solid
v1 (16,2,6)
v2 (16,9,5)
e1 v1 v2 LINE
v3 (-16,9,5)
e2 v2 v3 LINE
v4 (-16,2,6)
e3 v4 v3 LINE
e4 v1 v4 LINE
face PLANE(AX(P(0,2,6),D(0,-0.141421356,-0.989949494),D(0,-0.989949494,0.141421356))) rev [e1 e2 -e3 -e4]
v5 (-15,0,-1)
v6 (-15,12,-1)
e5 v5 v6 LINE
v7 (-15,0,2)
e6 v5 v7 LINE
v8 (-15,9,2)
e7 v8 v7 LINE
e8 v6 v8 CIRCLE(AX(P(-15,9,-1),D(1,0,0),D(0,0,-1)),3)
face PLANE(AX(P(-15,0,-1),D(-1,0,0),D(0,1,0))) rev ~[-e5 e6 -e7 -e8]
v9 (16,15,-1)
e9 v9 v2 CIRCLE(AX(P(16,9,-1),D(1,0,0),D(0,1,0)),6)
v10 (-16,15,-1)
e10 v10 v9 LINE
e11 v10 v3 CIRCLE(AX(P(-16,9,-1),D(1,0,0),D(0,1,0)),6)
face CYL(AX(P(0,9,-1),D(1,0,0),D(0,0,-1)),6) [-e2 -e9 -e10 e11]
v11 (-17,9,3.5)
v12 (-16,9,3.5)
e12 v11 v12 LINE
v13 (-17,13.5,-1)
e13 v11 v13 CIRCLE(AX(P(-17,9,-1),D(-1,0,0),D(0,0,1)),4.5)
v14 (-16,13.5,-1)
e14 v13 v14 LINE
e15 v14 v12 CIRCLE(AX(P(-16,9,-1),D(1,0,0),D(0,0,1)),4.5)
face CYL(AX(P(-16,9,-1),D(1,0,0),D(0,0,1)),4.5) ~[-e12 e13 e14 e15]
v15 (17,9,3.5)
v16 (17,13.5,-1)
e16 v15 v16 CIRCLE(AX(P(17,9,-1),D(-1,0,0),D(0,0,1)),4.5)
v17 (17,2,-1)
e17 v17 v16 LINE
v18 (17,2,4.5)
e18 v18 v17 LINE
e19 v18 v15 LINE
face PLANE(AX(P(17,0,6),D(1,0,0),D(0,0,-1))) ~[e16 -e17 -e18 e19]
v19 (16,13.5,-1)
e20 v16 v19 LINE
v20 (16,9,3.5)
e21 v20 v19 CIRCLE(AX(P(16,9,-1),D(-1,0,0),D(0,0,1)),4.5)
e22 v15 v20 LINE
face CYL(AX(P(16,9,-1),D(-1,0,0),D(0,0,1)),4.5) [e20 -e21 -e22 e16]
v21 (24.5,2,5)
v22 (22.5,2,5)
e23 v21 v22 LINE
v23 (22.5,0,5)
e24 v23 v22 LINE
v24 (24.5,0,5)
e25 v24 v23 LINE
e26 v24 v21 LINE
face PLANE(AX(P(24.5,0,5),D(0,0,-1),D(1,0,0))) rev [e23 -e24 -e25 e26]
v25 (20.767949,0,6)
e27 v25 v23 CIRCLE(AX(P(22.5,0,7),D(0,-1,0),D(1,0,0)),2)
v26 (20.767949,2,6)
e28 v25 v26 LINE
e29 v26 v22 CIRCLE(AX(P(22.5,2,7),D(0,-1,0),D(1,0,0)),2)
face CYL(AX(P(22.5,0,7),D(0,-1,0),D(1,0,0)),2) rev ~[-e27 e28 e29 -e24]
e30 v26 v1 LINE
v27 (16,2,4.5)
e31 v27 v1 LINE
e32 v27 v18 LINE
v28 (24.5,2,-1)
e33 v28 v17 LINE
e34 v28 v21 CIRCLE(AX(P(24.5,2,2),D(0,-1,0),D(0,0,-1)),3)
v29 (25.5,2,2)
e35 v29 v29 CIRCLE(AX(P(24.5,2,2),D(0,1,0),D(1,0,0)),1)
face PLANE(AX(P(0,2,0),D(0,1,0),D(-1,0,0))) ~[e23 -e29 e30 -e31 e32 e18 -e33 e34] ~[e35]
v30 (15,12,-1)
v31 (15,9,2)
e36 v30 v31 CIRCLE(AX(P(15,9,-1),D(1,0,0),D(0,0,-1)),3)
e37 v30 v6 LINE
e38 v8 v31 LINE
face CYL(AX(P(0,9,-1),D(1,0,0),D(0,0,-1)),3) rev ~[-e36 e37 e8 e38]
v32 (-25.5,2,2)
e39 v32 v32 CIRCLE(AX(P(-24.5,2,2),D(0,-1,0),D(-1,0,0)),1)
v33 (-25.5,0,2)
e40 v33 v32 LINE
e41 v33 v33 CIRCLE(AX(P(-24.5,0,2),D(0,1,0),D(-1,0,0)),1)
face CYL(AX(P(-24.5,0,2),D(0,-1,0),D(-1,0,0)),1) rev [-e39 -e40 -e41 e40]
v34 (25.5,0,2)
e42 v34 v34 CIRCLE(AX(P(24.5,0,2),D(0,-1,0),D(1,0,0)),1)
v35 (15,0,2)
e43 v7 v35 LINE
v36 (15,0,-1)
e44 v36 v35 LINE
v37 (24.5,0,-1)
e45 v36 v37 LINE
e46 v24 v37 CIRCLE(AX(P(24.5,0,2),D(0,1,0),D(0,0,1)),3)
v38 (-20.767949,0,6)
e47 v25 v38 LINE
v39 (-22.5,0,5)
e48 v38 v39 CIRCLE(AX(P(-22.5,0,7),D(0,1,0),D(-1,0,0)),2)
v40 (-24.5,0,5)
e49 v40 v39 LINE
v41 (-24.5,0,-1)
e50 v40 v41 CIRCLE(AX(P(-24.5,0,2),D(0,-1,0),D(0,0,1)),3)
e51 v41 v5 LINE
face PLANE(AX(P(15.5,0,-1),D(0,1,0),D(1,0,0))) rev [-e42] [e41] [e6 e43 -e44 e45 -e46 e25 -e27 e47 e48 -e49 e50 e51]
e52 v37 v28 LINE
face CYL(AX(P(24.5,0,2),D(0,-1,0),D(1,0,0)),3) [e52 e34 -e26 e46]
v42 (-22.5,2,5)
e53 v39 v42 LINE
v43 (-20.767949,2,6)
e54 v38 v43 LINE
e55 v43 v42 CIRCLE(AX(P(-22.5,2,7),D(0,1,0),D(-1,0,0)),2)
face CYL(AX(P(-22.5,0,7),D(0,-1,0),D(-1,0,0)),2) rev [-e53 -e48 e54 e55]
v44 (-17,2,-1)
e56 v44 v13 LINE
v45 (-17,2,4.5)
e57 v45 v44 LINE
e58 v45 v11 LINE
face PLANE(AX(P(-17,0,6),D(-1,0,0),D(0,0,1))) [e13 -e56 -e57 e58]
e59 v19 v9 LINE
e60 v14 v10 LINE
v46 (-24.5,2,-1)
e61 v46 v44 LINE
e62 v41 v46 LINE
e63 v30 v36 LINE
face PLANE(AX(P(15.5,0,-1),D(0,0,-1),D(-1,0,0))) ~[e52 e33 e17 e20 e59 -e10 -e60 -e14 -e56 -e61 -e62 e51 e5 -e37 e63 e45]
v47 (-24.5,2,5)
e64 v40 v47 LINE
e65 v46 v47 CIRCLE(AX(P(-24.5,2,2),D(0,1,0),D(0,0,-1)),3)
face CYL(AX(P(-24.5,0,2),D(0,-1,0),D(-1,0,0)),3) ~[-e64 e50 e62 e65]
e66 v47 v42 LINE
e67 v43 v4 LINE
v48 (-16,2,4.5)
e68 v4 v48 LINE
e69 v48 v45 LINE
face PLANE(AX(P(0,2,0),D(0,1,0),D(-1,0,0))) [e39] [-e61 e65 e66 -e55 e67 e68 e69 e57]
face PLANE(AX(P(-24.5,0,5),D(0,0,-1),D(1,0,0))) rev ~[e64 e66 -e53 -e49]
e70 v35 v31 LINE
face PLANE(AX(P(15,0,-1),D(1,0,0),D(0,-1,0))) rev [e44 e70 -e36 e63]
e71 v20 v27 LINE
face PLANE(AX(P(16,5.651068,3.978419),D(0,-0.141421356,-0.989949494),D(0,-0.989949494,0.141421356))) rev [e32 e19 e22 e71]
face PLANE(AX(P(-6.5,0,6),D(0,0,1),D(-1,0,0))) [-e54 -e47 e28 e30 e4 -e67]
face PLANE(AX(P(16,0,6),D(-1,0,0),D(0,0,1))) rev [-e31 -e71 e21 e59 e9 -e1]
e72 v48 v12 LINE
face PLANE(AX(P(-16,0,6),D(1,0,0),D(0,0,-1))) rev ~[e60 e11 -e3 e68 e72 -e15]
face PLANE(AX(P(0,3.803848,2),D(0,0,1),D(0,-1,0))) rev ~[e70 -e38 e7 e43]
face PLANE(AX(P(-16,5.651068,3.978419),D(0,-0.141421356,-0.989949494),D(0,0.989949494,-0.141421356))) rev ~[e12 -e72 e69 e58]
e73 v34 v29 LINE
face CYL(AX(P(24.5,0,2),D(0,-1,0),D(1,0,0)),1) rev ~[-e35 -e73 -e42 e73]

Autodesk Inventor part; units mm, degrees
ref_plane "YZ Plane" through (0, 0, 0) normal (1, 0, 0) x (0, 1, 0)
ref_plane "XZ Plane" through (0, 0, 0) normal (0, 1, 0) x (-1, 0, 0)
ref_plane "XY Plane" through (0, 0, 0) normal (0, 0, 1) x (1, 0, 0)
sketch "Sketch1" plane through (0, 0, 0) normal (0, 1, 0) x (-1, 0, 0)
  line L0 (0, 0) -> (24.5, 0)
  line L1 (24.5, 0) -> (24.5, 5)
  line L2 (24.5, 5) -> (0, 5)
  line L3 (0, 5) -> (0, 0)
  circle A0 centre (24.5, 2) radius 3
  circle A1 centre (24.5, 2) radius 1
  line L4 (0, 0) -> (15.5, 0)
  line L5 (15.5, 0) -> (15.5, 3)
  line L6 (15.5, 3) -> (0, 3)
  line L7 (0, 3) -> (0, 0)
  line L8 (0, 3) -> (6.5, 3)
  line L9 (6.5, 3) -> (6.5, 6)
  line L10 (6.5, 6) -> (0, 6)
  line L11 (0, 6) -> (0, 3)
  line L12 (6.5, 6) -> (20.5, 6)
  line L13 (20.5, 6) -> (20.5, 5)
  line L14 (20.5, 5) -> (6.5, 5)
  line L15 (6.5, 5) -> (6.5, 6)
  circle A2 centre (22.5, 7) radius 2
  line L16 (20.5, 6) -> (24.5, 6)
  line L17 (24.5, 6) -> (24.5, 5)
  line L18 (24.5, 5) -> (20.5, 5)
  line L19 (20.5, 5) -> (20.5, 6)
  line L20 (15.5, 0) -> (24.5, 0)
  line L21 (24.5, 0) -> (24.5, -1)
  line L22 (24.5, -1) -> (15.5, -1)
  line L23 (15.5, -1) -> (15.5, 0)
  point P0 (22.5, 5)
  point P1 (20.7679, 6)
  point P2 (0, 3)
  point P3 (22.2639, 0)
  point P4 (0, 5)
  dimension "d1" = 6
  dimension "d0" = 24.5
  dimension "d2" = 2
  dimension "d3" = 2
  dimension "d4" = 3
  dimension "d5" = 3
  dimension "d6" = 9
  dimension "d7" = 3
  dimension "d8" = 18
  dimension "d9" = 4
  dimension "d10" = 4
  dimension "d11" = 2
extrude "Extrusion1" add sketch "Sketch1" along normal blind 2 contours L5 L6 L9 L2 A0 L0 | L0 A0 L22 L23 | L3 L2 L9 L6 | A0 L1 A1 L0 | L0 L21 A0 | L11 L10 L9 L2 | L1 A1 A0 L21 | L9 L12 L13 L2 | L2 L13 L16 A2
sketch "Sketch2" plane through (0, 0, 6) normal (1, 0, 0) x (0, 0, -1)
  line L0 (0, 0) -> (0, 2) projected
  line L1 (0, 2) -> (3, 2)
  line L2 (3, 2) -> (3, 12)
  line L3 (3, 12) -> (0, 12)
  line L4 (0, 12) -> (0, 2)
  line L5 (3, 0) -> (3, 2) projected
  line L6 (0, 12) -> (7, 12)
  line L7 (7, 12) -> (7, 15)
  line L8 (7, 15) -> (0, 15)
  line L9 (0, 15) -> (0, 12)
  circle A0 centre (7, 9) radius 3
  line L10 (4, 9) -> (4, 0)
  line L11 (3, 0) -> (5, 0) projected
  line L12 (3, 0) -> (3, 12)
  circle A1 centre (7, 9) radius 6
  line L13 (0, 2) -> (1, 2) projected
  line L14 (0, 2) -> (1, 9)
  point P0 (6, 0)
  point P1 (3, 9)
  point P2 (4, 6.7639)
  dimension "d20" = 6
  dimension "d14" = 10
  dimension "d15" = 0
  dimension "d16" = 7
  dimension "d17" = 3
  dimension "d21" = 3
  dimension "d22" = 7
extrude "Extrusion2" add sketch "Sketch2" against normal blind 16 contours L14 A1 L2 L1 | A1 L3 L2 | L2 A1 L10 L11 L5 | A1 L7 L6 L3 | L2 L6 A0 L10 A1
sketch "Sketch3" plane through (-16, 0, 6) normal (-1, 0, 0) x (0, 0, 1)
  arc A0 (-4, 9) -> (-7, 12) centre (-7, 9) ccw projected
  circle A1 centre (-7, 9) radius 2
  line L0 (-7, 12) -> (-7, 9)
  line L1 (-7, 9) -> (-7, 0)
  line L2 (-7, 0) -> (-7, 2) projected
  circle A2 centre (-7, 9) radius 6
  line L3 (-7, 15) -> (-7, 9)
  arc A3 (-1, 9) -> (-7, 15) centre (-7, 9) ccw projected
  line L4 (0, 2) -> (-1, 9) projected
  line L5 (-1, 9) -> (0, 2)
  line L6 (-1, 2) -> (-7, 2) projected
  line L7 (0, 2) -> (-7, 2)
  circle A4 centre (-7, 9) radius 4.5
  line L8 (-2.5, 9) -> (-1, 9)
  line L9 (-1, 2) -> (0, 2) projected
  line L10 (0, 2) -> (-1.5, 2)
  line L11 (-1.5, 2) -> (-2.5, 9)
  point P0 (-6, 0)
  point P1 (-6, 2)
  point P2 (-7, 13.5)
  point P3 (-7, 12)
  point P4 (-1.5, 2)
  dimension "d23" = 4
  dimension "d24" = 9
  dimension "d25" = 1.5
extrude "Extrusion3" add sketch "Sketch3" along normal blind 1 and the other way blind 1 contours A1 L1 L0 | A1 L0 L3 A4 L1 | A4 L11 A2 L1 | A2 L11 L6 L1 picked at (-5.7494, 8.5624) picked at (-6.0599, 11.9521)
sketch "Sketch4" plane through (-15.5, 0, -1) normal (0, 0, -1) x (-1, 0, 0)
  line L0 (-0.5, 2) -> (-0.5, 9) projected
  line L1 (0, 0) -> (0, 2) projected
  line L2 (-0.5, 2) -> (0, 2)
  line L3 (0, 2) -> (0, 0)
  line L4 (0, 0) -> (-0.5, 0)
  line L5 (-0.5, 0) -> (-0.5, 2)
  point P0 (-15.5, 0)
extrude "Extrusion4" add sketch "Sketch4" against normal up to surface (3 mm away)
mirror "Mirror1" about plane through (0, 0, 6) normal (1, 0, 0) of "Extrusion1", "Extrusion2", "Extrusion3", "Extrusion4"
properties part number "battery mount rear"
